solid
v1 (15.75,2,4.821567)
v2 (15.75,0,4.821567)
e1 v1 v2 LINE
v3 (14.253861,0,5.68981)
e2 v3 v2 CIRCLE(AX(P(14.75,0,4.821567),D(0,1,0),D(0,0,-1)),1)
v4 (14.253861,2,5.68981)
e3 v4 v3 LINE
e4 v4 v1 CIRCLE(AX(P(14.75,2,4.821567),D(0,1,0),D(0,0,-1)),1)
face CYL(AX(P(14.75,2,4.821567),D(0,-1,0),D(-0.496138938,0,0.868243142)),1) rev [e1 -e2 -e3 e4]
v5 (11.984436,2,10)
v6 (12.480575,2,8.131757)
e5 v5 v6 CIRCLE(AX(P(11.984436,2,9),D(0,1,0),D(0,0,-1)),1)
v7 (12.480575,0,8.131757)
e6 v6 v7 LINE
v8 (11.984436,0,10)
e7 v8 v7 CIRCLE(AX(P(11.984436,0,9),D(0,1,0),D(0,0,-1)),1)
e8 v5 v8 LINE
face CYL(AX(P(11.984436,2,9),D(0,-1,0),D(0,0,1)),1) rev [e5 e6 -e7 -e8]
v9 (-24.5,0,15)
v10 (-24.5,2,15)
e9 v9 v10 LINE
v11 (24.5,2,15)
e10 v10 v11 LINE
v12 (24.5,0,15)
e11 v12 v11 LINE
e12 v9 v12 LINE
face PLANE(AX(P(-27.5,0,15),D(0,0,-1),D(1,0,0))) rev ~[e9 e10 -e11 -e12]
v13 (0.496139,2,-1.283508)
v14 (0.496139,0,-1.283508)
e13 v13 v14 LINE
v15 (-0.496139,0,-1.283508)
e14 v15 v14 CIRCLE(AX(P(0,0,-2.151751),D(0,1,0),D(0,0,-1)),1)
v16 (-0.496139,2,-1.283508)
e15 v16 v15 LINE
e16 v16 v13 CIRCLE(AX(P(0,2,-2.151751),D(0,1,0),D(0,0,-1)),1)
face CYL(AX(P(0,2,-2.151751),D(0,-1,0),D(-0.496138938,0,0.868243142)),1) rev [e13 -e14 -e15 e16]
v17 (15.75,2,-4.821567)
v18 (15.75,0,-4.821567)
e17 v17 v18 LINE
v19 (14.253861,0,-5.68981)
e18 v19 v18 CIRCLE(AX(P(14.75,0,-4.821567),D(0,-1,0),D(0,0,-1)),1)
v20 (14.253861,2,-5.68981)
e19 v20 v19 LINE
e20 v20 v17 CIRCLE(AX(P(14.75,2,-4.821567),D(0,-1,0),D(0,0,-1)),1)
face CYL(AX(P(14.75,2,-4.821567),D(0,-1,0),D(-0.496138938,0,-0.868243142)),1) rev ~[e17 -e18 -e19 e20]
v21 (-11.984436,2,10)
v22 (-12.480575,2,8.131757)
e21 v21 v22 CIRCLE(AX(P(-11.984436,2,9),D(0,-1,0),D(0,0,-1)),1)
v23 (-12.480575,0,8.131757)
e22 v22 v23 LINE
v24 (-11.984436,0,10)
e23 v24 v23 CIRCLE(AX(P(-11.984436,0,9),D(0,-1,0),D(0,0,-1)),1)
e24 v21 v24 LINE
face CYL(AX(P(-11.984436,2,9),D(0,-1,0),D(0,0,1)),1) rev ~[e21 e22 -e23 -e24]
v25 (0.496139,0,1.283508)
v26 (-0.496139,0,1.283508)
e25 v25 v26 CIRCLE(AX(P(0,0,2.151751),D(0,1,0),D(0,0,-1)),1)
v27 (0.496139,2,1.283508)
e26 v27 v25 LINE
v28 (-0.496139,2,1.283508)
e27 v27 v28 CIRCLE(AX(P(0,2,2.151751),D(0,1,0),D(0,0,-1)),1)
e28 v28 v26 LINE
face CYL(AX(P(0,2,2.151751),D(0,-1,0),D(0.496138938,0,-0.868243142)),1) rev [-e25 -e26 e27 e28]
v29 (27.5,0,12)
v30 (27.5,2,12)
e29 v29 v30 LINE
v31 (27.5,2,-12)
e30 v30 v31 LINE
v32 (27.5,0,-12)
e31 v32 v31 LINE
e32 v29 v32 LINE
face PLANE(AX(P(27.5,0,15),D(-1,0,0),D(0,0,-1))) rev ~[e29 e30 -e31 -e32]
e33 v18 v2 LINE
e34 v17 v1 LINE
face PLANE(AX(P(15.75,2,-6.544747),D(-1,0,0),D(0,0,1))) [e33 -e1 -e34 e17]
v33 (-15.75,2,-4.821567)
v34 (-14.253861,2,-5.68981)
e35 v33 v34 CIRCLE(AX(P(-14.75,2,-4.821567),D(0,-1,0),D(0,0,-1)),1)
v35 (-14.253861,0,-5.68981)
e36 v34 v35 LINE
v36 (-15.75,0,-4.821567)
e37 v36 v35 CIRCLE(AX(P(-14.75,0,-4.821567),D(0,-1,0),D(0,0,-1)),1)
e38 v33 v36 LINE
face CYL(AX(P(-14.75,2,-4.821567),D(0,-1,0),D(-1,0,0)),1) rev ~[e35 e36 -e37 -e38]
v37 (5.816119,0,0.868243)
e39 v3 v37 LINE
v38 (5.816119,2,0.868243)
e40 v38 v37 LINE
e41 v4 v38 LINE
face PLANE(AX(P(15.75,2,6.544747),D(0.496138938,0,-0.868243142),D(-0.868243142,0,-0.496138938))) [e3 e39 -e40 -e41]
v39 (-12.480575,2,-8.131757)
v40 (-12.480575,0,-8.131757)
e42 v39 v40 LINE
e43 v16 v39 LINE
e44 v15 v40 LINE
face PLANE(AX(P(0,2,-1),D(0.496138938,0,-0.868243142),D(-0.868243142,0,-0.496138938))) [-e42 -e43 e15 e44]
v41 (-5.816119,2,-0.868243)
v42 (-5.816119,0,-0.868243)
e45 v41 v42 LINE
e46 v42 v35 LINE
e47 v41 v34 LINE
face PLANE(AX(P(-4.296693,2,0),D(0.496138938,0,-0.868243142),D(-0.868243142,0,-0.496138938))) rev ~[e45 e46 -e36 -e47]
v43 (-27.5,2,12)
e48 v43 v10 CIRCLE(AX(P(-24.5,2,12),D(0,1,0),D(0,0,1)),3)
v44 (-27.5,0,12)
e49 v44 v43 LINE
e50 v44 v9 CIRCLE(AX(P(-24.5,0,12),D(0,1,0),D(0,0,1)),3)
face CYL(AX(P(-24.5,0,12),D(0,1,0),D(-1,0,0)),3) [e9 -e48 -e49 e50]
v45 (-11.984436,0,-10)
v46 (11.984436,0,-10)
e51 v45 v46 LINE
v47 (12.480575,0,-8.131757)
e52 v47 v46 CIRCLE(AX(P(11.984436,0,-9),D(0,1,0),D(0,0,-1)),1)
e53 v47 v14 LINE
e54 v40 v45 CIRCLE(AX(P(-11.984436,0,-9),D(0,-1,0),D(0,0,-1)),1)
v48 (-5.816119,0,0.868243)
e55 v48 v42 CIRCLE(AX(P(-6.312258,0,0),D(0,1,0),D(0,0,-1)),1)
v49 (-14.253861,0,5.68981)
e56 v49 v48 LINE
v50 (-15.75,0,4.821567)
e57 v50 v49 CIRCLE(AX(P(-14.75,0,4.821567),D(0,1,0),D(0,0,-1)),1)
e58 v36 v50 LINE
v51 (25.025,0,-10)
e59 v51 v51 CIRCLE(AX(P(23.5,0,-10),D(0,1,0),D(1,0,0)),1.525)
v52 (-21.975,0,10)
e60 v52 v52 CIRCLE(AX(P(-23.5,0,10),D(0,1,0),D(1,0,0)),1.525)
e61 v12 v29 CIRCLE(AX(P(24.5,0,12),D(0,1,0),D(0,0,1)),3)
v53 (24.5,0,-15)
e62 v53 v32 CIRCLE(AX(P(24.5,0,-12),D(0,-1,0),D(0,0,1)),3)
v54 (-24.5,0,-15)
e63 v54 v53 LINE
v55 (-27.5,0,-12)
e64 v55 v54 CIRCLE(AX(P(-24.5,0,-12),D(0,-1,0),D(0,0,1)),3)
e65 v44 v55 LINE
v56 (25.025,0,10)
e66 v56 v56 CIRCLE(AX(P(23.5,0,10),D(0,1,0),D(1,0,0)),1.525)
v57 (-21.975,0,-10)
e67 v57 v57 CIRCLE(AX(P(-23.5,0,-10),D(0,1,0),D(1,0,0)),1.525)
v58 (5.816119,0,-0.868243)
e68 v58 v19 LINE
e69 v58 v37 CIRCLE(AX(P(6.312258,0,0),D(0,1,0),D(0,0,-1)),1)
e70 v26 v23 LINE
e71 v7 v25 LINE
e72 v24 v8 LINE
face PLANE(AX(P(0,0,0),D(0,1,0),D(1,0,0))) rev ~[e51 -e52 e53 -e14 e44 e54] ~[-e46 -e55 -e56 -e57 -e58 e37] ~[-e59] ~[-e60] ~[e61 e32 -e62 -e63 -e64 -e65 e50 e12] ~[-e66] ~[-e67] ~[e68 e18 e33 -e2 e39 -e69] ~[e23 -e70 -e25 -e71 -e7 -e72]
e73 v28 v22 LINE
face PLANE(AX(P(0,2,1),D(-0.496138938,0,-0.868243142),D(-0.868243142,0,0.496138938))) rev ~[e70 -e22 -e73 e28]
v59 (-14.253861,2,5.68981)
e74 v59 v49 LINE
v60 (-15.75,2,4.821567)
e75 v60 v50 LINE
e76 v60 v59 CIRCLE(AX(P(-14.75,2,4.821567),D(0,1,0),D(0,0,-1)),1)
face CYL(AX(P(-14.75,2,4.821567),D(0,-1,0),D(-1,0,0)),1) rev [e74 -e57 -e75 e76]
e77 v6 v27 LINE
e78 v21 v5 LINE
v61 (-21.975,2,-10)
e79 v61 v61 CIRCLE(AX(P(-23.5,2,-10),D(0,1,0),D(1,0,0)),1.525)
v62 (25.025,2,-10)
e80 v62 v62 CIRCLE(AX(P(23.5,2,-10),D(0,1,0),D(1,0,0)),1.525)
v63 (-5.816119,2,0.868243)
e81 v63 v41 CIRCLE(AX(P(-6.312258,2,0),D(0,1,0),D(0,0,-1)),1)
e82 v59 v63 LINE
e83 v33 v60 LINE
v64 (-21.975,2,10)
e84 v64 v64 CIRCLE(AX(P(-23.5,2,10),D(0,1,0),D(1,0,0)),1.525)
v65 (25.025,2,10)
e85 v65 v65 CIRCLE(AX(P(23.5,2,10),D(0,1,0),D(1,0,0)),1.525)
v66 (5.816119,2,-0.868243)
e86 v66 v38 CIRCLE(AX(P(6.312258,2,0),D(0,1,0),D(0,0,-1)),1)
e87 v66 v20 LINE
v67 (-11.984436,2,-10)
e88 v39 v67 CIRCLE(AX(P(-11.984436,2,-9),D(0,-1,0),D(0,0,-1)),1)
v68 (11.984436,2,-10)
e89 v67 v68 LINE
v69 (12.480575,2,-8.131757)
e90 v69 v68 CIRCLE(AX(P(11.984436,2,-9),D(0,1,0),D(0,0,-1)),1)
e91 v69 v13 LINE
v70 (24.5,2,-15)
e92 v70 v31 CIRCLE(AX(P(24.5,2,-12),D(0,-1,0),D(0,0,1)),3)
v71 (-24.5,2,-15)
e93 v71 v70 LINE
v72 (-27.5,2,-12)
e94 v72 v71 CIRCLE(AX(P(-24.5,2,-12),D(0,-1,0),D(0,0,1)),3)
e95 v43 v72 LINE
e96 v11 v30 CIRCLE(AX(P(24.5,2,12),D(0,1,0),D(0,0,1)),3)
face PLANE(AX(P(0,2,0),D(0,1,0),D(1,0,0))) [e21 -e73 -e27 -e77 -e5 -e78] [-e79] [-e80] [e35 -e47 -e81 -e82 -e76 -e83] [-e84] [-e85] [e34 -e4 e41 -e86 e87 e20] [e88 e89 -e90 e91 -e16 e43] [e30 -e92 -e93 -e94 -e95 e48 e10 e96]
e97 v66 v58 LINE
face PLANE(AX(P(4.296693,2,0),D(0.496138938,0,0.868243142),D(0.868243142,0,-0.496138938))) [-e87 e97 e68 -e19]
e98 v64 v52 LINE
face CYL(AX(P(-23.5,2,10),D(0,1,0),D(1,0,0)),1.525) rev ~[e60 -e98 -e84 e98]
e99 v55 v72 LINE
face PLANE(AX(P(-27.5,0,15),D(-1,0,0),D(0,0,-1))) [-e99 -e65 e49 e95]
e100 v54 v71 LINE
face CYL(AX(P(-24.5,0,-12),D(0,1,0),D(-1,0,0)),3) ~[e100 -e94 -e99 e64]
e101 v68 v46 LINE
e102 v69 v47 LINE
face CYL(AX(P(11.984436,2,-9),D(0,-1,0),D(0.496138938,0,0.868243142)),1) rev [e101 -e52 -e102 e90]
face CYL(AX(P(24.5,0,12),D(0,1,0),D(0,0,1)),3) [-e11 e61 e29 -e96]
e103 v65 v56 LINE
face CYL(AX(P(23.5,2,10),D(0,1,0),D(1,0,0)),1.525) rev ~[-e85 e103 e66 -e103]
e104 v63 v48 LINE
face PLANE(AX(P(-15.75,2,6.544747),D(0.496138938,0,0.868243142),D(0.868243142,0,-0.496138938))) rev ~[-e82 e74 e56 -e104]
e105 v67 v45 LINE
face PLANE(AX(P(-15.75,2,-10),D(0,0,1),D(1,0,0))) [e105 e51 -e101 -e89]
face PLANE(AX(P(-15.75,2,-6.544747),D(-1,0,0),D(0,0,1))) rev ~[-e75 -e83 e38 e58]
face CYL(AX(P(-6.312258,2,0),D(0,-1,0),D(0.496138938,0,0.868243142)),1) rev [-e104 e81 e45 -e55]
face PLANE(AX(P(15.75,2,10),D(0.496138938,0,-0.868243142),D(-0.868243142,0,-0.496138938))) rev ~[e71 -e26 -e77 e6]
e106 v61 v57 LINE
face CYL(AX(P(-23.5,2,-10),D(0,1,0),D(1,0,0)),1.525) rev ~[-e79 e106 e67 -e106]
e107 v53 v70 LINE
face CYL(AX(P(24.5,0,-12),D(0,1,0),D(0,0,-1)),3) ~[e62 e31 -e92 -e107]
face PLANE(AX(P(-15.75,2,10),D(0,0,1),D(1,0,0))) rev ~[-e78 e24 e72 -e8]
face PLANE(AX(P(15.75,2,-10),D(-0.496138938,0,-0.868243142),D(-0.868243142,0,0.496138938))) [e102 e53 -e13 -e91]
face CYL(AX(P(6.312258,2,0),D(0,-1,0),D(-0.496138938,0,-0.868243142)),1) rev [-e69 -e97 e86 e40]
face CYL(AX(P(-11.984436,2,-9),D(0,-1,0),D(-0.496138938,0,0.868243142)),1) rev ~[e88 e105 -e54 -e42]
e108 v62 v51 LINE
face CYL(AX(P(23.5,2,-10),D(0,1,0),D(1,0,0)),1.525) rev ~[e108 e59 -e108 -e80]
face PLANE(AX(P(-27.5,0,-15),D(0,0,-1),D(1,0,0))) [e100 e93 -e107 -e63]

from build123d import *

# Parameters (mm, degrees)
SKETCH_1_W          = 55
SKETCH_1_H          = 30
EXTRUDE_1_DEPTH     = 2
SKETCH_2_R          = 1.525
CUT_EXTRUDE_1_DEPTH = 2
FILLET_1_R          = 3
CUT_EXTRUDE_2_DEPTH = 2
FILLET_2_R          = 1


with BuildPart() as part:
    # 草图1 → 凸台-拉伸1 (new body)
    with BuildSketch(Plane(origin=(0, 0, 0), x_dir=(1, 0, 0), z_dir=(0, 1, 0))):
        Rectangle(SKETCH_1_W, SKETCH_1_H)
    extrude(amount=EXTRUDE_1_DEPTH)

    # 草图2 → 切除-拉伸1 (cut)
    with BuildSketch(Plane(origin=(0, 2, 0), x_dir=(1, 0, 0), z_dir=(0, 1, 0))):
        with Locations((-23.5, 10)):
            Circle(SKETCH_2_R)
        with Locations((-23.5, -10)):
            Circle(SKETCH_2_R)
        with Locations((23.5, -10)):
            Circle(SKETCH_2_R)
        with Locations((23.5, 10)):
            Circle(SKETCH_2_R)
    extrude(amount=-CUT_EXTRUDE_1_DEPTH, mode=Mode.SUBTRACT)

    # 圆角1
    fillet_1_edges = [part.edges().sort_by_distance(p)[0] for p in [
        (27.5, 1, 15),
        (-27.5, 1, 15),
        (-27.5, 1, -15),
        (27.5, 1, -15),
    ]]
    fillet(fillet_1_edges, radius=FILLET_1_R)

    # 草图3 → 切除-拉伸2 (cut)
    with BuildSketch(Plane(origin=(0, 2, 0), x_dir=(1, 0, 0), z_dir=(0, 1, 0))):
        Polygon((-15.75, 10), (15.75, 10), (0, 1), align=None)
        Polygon((-15.75, 6.544746679), (-15.75, -6.544746679), (-4.296693311, 0), align=None)
        Polygon((-15.75, -10), (15.75, -10), (0, -1), align=None)
        Polygon((15.75, 6.544746679), (15.75, -6.544746679), (4.296693311, 0), align=None)
    extrude(amount=-CUT_EXTRUDE_2_DEPTH, mode=Mode.SUBTRACT)

    # 圆角2
    fillet_2_edges = [part.edges().sort_by_distance(p)[0] for p in [
        (15.75, 1, 10),
        (0, 1, 1),
        (-15.75, 1, 10),
        (-15.75, 1, 6.544746679),
        (-4.296693311, 1, 0),
        (-15.75, 1, -6.544746679),
        (15.75, 1, 6.544746679),
        (15.75, 1, -6.544746679),
        (4.296693311, 1, 0),
        (15.75, 1, -10),
        (-15.75, 1, -10),
        (0, 1, -1),
    ]]
    fillet(fillet_2_edges, radius=FILLET_2_R)


solid = part.part
